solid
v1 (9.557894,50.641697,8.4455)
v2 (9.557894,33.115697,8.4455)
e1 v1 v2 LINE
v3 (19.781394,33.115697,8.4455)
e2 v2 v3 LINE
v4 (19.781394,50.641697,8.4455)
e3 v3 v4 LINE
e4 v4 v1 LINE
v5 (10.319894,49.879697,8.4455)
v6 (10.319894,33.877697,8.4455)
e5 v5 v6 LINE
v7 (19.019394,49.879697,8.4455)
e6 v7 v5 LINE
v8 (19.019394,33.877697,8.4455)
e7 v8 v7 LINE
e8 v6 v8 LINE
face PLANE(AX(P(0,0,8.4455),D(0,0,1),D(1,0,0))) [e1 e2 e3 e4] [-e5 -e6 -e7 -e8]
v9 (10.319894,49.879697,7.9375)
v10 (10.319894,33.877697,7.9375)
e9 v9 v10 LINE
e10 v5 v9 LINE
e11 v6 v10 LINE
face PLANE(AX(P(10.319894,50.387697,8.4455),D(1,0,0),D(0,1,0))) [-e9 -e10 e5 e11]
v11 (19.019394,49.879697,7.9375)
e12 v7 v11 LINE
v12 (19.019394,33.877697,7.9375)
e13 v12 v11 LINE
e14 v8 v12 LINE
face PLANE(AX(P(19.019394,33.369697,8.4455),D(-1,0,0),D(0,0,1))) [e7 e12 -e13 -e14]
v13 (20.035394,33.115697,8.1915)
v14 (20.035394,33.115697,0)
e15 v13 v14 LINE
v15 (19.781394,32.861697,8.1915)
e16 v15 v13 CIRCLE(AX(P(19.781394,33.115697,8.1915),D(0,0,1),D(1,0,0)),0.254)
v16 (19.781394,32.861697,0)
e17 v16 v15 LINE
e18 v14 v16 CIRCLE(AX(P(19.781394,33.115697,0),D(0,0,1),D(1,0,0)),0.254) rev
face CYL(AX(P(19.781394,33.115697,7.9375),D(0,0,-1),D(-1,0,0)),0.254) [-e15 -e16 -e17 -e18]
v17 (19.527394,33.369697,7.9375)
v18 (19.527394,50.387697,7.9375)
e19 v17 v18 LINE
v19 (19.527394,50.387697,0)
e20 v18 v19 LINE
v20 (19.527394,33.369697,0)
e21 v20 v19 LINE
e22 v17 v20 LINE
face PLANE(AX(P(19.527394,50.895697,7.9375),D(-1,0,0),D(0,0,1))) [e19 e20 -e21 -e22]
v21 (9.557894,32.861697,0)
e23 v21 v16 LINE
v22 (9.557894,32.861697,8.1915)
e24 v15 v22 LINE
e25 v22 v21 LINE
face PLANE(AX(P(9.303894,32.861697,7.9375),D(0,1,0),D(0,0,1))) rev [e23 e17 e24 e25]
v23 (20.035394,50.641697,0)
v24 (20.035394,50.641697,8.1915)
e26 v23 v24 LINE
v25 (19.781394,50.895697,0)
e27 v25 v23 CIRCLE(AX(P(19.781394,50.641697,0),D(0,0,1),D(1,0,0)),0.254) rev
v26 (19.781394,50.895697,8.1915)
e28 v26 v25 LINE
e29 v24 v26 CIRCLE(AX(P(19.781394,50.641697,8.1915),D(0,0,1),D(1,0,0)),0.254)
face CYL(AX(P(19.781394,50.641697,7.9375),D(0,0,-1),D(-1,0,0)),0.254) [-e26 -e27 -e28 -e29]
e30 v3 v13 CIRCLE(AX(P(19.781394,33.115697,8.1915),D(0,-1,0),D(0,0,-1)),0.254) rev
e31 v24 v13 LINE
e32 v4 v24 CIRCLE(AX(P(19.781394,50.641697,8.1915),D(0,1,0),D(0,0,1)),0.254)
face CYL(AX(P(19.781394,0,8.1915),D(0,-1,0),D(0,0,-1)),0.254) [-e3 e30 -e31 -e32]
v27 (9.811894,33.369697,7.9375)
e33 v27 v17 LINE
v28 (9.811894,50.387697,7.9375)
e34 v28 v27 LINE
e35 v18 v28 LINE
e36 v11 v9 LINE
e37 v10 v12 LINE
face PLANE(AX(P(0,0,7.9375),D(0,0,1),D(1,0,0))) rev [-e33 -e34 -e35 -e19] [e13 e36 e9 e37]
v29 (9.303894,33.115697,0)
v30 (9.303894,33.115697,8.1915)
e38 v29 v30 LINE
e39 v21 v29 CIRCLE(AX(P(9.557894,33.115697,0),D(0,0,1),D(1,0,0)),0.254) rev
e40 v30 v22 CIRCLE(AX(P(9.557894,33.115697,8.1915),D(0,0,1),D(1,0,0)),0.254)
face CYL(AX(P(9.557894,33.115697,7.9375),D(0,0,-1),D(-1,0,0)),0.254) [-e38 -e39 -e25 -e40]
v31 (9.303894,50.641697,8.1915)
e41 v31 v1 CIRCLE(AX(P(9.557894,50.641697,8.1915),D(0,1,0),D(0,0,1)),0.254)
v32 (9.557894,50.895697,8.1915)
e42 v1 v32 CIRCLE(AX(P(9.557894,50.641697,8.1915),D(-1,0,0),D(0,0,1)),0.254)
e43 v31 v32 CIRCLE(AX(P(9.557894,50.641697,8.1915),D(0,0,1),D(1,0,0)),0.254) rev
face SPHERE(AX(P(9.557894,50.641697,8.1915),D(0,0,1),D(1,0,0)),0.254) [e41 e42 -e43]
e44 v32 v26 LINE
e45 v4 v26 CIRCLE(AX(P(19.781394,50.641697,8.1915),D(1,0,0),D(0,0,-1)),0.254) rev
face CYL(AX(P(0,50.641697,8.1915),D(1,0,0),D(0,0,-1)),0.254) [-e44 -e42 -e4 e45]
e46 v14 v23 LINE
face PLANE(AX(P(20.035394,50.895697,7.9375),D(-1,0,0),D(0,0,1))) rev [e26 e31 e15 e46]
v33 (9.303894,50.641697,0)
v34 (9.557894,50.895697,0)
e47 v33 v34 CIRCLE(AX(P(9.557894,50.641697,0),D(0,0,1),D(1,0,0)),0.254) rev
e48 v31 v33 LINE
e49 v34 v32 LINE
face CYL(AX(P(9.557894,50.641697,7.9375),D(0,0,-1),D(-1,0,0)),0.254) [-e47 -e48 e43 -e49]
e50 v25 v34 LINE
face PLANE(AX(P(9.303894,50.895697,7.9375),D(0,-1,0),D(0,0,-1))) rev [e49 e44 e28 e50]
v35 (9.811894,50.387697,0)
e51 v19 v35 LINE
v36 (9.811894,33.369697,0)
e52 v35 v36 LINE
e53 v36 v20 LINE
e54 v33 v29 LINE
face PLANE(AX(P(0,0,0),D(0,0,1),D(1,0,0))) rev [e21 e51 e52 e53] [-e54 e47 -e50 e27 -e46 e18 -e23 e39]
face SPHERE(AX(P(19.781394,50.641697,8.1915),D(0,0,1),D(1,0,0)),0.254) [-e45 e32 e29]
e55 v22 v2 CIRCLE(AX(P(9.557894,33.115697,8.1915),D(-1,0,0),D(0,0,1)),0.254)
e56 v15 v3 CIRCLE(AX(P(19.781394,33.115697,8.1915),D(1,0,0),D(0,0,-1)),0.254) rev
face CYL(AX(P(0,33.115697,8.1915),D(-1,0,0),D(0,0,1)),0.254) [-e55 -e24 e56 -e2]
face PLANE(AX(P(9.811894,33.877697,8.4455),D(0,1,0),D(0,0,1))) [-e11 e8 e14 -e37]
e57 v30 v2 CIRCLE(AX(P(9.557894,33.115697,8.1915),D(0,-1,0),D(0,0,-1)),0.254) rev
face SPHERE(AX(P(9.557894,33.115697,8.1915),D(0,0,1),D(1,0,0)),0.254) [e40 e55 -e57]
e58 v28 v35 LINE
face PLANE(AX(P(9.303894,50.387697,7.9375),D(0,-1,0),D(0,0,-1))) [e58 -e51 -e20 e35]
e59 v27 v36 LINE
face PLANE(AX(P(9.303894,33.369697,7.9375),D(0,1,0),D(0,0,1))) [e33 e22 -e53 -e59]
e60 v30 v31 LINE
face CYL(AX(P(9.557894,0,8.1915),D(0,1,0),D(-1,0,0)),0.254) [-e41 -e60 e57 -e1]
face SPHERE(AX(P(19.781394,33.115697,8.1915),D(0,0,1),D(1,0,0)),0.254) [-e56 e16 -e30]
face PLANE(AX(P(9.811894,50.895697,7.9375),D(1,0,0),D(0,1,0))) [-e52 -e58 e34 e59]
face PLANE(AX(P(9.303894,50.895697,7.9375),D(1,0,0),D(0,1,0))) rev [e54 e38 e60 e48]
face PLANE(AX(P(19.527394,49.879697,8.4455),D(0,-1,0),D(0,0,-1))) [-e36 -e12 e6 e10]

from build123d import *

# Parameters (mm, degrees)
SKETCH1_W           = 10.7315
SKETCH1_H           = 18.034
BOSS_EXTRUDE1_DEPTH = 7.9375
SHELL1_T            = -0.508
SKETCH2_W           = 10.7315
SKETCH2_H           = 18.034
SKETCH2_W_2         = 8.6995
SKETCH2_H_2         = 16.002
EXTRUDE_THIN1_DEPTH = 0.508
FILLET2_R           = 0.254


with BuildPart() as part:
    # Sketch1 → Boss-Extrude1 (new body)
    with BuildSketch(Plane.XY):
        with Locations((14.669644351, 41.878696913)):
            Rectangle(SKETCH1_W, SKETCH1_H)
    extrude(amount=BOSS_EXTRUDE1_DEPTH)

    # Shell1
    shell1_openings = [part.faces().sort_by_distance(p)[0] for p in [
        (14.669644351, 41.878696913, 7.9375),
        (14.669644351, 41.878696913, 0),
    ]]
    offset(amount=SHELL1_T, openings=shell1_openings, kind=Kind.INTERSECTION)

    # Sketch2 → Extrude-Thin1 (add)
    with BuildSketch(Plane.XY.offset(7.9375)):
        with Locations((14.669644351, 41.878696913)):
            Rectangle(SKETCH2_W, SKETCH2_H)
        with Locations((14.669644351, 41.878696913)):
            Rectangle(SKETCH2_W_2, SKETCH2_H_2, mode=Mode.SUBTRACT)
    extrude(amount=EXTRUDE_THIN1_DEPTH)

    # Fillet2
    fillet2_edges = [part.edges().sort_by_distance(p)[0] for p in [
        (14.669644351, 32.861696913, 8.4455),
        (20.035394351, 41.878696913, 8.4455),
        (14.669644351, 50.895696913, 8.4455),
        (9.303894351, 41.878696913, 8.4455),
        (9.303894351, 50.895696913, 4.22275),
        (20.035394351, 50.895696913, 4.22275),
        (20.035394351, 32.861696913, 4.22275),
        (9.303894351, 32.861696913, 4.22275),
    ]]
    fillet(fillet2_edges, radius=FILLET2_R)


solid = part.part
